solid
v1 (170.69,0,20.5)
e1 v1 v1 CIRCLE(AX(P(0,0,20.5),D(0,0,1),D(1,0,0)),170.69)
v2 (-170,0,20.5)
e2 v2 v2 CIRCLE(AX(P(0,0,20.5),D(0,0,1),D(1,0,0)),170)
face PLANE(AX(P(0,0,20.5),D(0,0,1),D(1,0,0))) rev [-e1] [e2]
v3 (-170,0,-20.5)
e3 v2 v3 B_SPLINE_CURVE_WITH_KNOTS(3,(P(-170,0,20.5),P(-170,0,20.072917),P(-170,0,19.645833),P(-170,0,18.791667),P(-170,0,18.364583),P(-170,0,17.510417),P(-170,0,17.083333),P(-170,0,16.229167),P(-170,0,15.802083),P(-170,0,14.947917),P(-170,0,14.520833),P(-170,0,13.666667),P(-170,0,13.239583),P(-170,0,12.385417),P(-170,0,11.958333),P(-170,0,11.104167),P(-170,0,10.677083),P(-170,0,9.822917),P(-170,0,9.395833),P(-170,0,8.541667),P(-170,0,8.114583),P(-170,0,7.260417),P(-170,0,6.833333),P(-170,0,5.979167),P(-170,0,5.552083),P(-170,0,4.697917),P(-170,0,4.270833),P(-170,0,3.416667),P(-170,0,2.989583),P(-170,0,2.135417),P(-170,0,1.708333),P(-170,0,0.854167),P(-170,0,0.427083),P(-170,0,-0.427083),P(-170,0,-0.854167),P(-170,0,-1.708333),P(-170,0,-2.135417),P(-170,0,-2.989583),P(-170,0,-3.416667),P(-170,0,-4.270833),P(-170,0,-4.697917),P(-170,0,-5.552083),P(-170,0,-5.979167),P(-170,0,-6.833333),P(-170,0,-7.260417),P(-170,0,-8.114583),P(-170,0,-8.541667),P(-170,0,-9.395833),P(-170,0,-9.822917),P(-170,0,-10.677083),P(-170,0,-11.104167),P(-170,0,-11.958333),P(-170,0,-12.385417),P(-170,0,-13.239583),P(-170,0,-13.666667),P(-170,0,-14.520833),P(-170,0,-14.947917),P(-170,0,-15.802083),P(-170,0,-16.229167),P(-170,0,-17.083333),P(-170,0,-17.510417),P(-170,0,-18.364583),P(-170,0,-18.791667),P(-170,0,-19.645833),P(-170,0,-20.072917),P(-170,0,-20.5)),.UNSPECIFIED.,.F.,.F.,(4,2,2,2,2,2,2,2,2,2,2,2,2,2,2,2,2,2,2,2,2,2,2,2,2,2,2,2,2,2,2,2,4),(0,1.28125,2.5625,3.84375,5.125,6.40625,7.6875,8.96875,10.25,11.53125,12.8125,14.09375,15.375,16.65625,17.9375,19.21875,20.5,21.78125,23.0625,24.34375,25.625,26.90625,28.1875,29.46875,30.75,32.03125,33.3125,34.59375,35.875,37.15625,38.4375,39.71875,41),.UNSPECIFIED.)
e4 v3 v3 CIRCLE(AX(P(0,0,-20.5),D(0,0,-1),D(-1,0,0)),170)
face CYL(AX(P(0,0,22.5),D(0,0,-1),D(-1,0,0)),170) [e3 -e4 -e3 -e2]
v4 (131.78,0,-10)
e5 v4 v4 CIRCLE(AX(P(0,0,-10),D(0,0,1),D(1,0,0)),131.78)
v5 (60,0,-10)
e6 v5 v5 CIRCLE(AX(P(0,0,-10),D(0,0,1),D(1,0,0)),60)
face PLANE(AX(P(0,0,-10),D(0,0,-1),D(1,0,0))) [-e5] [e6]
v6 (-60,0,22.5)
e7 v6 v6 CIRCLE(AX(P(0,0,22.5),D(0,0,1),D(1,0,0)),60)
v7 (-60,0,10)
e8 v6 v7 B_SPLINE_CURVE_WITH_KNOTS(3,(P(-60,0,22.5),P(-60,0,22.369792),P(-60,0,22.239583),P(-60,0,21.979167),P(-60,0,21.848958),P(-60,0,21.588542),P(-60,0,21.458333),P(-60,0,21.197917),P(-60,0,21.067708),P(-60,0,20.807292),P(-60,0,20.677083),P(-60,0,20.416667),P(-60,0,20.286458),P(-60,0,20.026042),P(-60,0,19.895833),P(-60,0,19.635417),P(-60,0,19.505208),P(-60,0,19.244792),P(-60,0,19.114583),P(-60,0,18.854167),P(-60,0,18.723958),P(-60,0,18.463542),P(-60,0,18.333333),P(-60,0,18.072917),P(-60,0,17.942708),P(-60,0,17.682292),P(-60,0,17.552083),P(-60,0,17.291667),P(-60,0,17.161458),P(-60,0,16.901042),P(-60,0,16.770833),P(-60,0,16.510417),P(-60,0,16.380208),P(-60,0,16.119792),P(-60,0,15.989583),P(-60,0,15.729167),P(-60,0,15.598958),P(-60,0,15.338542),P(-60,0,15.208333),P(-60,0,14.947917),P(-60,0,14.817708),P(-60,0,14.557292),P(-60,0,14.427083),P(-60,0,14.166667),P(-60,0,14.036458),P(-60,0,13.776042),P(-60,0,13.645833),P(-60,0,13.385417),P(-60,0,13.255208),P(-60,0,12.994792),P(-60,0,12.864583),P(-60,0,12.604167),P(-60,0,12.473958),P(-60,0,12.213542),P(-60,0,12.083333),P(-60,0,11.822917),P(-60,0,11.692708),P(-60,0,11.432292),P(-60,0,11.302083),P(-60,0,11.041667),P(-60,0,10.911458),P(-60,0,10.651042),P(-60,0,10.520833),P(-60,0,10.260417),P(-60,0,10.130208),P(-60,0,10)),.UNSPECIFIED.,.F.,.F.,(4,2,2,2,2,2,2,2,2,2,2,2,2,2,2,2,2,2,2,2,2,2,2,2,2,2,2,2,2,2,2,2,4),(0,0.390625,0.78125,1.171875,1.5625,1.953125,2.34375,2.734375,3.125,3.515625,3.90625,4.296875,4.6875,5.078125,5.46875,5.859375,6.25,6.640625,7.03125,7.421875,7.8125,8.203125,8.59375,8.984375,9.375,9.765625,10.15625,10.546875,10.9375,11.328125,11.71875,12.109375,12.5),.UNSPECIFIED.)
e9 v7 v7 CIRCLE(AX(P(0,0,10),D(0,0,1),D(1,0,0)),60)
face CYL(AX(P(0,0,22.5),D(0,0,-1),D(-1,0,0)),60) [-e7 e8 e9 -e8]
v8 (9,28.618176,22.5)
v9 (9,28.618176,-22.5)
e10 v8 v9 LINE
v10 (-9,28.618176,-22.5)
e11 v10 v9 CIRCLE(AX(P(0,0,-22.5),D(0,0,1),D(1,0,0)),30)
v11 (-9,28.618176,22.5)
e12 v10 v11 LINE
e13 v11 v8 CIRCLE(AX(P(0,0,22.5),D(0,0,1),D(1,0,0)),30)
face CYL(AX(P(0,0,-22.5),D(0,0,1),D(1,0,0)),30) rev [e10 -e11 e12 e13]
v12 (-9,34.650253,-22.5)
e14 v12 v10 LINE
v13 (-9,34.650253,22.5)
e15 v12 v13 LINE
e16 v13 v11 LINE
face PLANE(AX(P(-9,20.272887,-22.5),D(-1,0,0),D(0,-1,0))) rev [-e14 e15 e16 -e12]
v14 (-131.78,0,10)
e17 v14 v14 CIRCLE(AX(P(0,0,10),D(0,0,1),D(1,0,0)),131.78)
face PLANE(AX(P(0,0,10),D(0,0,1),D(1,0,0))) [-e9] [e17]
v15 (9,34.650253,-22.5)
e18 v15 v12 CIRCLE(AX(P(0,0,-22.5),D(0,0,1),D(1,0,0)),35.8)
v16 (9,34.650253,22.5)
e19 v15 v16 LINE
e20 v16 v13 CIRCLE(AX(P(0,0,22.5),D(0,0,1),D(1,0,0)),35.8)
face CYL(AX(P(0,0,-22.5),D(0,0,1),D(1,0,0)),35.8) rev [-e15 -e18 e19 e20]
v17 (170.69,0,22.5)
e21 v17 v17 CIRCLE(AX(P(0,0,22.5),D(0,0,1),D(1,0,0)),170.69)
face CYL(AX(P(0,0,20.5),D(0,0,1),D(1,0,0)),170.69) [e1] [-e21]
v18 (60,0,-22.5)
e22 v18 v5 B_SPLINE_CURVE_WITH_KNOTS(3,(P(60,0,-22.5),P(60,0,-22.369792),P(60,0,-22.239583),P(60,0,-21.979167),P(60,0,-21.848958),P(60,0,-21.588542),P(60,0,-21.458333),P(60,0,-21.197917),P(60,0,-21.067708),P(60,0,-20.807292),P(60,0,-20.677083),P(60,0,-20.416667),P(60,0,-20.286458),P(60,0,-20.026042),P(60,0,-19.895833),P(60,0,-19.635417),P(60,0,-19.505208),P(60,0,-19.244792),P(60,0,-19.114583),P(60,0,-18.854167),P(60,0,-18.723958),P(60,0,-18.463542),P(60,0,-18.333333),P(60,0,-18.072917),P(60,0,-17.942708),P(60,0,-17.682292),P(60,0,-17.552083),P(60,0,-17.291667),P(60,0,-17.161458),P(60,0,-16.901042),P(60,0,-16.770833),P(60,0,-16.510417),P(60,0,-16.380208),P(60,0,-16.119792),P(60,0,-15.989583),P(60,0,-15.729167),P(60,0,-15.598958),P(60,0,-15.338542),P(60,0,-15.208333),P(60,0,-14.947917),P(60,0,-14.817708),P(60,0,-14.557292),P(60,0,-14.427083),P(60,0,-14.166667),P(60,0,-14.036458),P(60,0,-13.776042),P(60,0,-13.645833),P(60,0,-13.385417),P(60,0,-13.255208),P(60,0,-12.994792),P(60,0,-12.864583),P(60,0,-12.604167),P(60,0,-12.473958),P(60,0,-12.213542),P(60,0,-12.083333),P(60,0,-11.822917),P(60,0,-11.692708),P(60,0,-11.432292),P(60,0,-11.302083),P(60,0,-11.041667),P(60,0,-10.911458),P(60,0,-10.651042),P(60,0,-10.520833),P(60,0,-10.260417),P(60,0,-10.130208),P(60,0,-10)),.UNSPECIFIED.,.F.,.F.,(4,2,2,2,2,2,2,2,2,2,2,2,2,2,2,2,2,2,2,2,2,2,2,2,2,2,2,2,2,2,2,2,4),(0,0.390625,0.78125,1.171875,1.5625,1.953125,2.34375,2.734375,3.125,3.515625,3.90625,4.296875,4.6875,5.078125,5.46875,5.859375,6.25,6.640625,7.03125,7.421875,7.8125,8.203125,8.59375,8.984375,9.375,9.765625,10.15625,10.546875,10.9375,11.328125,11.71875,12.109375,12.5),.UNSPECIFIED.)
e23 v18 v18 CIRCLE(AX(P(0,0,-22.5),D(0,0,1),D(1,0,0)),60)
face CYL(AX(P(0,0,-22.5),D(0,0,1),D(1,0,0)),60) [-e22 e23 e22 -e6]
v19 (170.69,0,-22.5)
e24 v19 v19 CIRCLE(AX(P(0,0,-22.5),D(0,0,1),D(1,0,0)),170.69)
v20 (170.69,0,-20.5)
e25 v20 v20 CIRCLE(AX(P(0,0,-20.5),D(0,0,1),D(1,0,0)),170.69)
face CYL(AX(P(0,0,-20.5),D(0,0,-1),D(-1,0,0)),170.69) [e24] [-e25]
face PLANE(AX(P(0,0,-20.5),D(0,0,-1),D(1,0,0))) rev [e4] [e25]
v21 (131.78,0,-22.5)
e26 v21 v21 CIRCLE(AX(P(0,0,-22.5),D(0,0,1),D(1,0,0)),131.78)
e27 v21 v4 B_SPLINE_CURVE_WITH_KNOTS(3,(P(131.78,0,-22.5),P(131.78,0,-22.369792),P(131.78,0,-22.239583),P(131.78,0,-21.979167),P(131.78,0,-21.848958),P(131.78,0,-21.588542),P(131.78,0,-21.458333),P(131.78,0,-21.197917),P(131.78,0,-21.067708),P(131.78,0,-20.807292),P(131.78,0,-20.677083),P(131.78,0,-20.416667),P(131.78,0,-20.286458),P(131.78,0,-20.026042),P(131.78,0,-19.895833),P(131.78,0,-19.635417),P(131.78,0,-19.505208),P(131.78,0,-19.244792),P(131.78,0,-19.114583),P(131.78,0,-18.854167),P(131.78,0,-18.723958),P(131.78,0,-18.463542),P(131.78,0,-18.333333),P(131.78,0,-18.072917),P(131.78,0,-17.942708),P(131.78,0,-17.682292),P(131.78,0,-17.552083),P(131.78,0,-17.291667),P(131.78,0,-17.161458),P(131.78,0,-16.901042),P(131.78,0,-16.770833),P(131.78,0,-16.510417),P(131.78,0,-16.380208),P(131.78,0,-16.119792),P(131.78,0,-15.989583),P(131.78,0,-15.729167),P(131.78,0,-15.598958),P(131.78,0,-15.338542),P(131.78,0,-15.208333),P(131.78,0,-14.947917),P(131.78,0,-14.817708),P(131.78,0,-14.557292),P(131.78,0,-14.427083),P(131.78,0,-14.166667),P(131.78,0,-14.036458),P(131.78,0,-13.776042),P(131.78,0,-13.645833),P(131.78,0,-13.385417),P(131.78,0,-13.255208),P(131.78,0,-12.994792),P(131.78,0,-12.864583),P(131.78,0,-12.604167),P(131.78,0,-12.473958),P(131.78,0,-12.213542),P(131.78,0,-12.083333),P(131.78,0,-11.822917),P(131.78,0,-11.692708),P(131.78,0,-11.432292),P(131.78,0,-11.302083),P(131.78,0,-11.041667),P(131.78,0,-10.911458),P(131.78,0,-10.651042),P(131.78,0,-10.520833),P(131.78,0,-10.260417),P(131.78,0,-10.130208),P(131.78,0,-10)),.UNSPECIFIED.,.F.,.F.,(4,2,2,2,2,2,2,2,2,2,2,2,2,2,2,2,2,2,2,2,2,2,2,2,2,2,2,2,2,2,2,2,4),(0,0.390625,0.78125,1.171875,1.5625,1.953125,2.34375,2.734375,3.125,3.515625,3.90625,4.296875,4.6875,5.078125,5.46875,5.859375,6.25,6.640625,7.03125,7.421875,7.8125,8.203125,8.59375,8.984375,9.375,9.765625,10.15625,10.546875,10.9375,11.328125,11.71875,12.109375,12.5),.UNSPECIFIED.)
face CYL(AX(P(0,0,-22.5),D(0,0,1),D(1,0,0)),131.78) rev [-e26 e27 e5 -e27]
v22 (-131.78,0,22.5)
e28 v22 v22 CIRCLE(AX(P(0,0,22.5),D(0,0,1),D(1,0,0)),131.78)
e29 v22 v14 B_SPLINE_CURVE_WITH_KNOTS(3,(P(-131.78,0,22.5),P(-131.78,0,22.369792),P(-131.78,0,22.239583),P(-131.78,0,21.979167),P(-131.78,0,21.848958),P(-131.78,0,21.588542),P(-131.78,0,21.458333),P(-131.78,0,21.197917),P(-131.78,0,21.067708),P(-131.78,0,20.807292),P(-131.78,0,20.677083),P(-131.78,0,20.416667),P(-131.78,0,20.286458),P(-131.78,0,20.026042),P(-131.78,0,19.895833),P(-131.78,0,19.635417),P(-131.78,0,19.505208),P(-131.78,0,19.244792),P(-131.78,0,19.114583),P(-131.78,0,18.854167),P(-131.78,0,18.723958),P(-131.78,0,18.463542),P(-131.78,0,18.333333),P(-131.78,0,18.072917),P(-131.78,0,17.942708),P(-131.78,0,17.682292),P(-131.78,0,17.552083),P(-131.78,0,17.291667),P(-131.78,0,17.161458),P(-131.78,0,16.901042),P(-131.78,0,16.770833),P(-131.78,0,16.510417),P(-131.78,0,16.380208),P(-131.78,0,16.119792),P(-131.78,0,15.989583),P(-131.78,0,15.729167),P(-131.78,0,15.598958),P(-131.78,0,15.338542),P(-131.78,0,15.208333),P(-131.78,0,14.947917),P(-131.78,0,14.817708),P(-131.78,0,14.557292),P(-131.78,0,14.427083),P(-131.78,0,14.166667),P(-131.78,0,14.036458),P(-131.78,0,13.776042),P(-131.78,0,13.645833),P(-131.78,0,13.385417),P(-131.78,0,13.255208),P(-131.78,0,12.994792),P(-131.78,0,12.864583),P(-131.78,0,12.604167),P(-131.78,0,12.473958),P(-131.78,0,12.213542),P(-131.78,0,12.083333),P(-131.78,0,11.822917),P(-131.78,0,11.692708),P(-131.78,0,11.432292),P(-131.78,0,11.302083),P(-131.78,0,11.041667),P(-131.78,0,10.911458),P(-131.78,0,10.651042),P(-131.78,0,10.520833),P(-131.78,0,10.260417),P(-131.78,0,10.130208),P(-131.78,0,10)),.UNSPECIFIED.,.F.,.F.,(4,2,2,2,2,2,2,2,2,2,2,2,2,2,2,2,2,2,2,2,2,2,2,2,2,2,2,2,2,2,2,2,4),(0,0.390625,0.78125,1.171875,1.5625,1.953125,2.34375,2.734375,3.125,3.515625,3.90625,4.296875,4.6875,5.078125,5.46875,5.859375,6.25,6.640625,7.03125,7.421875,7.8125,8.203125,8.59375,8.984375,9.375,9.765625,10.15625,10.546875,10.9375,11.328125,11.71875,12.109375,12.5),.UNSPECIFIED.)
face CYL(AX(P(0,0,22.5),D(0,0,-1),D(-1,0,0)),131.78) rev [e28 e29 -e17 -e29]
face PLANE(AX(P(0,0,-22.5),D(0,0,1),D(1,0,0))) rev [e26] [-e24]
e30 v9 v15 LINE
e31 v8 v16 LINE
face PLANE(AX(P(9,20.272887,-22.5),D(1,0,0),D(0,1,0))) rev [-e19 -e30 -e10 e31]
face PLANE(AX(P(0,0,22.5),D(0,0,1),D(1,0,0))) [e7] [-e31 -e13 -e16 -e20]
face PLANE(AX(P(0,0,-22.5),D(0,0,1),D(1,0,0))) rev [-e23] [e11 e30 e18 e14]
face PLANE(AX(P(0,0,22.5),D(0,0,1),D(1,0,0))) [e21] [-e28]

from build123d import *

# Parameters (mm, degrees)
SKETCH1_R           = 170
BOSS_EXTRUDE1_DEPTH = 22.5
SKETCH2_R           = 170.69
BOSS_EXTRUDE2_DEPTH = 2
CUT_EXTRUDE3_START  = 10
SKETCH5_R           = 131.78
SKETCH5_R_2         = 60
CUT_EXTRUDE3_DEPTH  = 233.438450333
SKETCH6_R           = 30
CUT_EXTRUDE4_DEPTH  = 246.550712074
CUT_EXTRUDE5_DEPTH  = 246.550712074


with BuildPart() as part:
    # Sketch1 → Boss-Extrude1 (new, symmetric)
    with BuildSketch(Plane.XY):
        with Locations(Location((0, 0, 0), (0, 0, 180))):
            Circle(SKETCH1_R)
    extrude(amount=BOSS_EXTRUDE1_DEPTH, both=True)

    # Sketch2 → Boss-Extrude2 (add)
    with BuildSketch(Plane.XY.offset(22.5)):
        Circle(SKETCH2_R)
    boss_extrude2 = extrude(amount=-BOSS_EXTRUDE2_DEPTH)

    # Mirror1: Boss-Extrude2 across plane
    add(boss_extrude2.mirror(Plane.XY))

    # Sketch5 → Cut-Extrude3 (cut, through all)
    with BuildSketch(Plane.XY.offset(CUT_EXTRUDE3_START)):
        with Locations(Location((0, 0, 0), (0, 0, 180))):
            Circle(SKETCH5_R)
        with Locations(Location((0, 0, 0), (0, 0, 180))):
            Circle(SKETCH5_R_2, mode=Mode.SUBTRACT)
    cut_extrude3 = extrude(amount=CUT_EXTRUDE3_DEPTH, mode=Mode.SUBTRACT)

    # Mirror2: Cut-Extrude3 across plane
    add(cut_extrude3.mirror(Plane.XY), mode=Mode.SUBTRACT)

    # Sketch6 → Cut-Extrude4 (cut, through all)
    with BuildSketch(Plane.XY.offset(22.5)):
        Circle(SKETCH6_R)
    extrude(amount=-CUT_EXTRUDE4_DEPTH, mode=Mode.SUBTRACT)

    # Sketch7 → Cut-Extrude5 (cut, through all)
    with BuildSketch(Plane.XY.offset(22.5)):
        with BuildLine():
            Line((9, 20.2728873), (9, 34.650252524))
            ThreePointArc((9, 34.650252524), (0, 35.8), (-9, 34.650252524))
            Line((-9, 34.650252524), (-9, 20.2728873))
            Line((-9, 20.2728873), (9, 20.2728873))
        make_face()
    extrude(amount=-CUT_EXTRUDE5_DEPTH, mode=Mode.SUBTRACT)


solid = part.part
